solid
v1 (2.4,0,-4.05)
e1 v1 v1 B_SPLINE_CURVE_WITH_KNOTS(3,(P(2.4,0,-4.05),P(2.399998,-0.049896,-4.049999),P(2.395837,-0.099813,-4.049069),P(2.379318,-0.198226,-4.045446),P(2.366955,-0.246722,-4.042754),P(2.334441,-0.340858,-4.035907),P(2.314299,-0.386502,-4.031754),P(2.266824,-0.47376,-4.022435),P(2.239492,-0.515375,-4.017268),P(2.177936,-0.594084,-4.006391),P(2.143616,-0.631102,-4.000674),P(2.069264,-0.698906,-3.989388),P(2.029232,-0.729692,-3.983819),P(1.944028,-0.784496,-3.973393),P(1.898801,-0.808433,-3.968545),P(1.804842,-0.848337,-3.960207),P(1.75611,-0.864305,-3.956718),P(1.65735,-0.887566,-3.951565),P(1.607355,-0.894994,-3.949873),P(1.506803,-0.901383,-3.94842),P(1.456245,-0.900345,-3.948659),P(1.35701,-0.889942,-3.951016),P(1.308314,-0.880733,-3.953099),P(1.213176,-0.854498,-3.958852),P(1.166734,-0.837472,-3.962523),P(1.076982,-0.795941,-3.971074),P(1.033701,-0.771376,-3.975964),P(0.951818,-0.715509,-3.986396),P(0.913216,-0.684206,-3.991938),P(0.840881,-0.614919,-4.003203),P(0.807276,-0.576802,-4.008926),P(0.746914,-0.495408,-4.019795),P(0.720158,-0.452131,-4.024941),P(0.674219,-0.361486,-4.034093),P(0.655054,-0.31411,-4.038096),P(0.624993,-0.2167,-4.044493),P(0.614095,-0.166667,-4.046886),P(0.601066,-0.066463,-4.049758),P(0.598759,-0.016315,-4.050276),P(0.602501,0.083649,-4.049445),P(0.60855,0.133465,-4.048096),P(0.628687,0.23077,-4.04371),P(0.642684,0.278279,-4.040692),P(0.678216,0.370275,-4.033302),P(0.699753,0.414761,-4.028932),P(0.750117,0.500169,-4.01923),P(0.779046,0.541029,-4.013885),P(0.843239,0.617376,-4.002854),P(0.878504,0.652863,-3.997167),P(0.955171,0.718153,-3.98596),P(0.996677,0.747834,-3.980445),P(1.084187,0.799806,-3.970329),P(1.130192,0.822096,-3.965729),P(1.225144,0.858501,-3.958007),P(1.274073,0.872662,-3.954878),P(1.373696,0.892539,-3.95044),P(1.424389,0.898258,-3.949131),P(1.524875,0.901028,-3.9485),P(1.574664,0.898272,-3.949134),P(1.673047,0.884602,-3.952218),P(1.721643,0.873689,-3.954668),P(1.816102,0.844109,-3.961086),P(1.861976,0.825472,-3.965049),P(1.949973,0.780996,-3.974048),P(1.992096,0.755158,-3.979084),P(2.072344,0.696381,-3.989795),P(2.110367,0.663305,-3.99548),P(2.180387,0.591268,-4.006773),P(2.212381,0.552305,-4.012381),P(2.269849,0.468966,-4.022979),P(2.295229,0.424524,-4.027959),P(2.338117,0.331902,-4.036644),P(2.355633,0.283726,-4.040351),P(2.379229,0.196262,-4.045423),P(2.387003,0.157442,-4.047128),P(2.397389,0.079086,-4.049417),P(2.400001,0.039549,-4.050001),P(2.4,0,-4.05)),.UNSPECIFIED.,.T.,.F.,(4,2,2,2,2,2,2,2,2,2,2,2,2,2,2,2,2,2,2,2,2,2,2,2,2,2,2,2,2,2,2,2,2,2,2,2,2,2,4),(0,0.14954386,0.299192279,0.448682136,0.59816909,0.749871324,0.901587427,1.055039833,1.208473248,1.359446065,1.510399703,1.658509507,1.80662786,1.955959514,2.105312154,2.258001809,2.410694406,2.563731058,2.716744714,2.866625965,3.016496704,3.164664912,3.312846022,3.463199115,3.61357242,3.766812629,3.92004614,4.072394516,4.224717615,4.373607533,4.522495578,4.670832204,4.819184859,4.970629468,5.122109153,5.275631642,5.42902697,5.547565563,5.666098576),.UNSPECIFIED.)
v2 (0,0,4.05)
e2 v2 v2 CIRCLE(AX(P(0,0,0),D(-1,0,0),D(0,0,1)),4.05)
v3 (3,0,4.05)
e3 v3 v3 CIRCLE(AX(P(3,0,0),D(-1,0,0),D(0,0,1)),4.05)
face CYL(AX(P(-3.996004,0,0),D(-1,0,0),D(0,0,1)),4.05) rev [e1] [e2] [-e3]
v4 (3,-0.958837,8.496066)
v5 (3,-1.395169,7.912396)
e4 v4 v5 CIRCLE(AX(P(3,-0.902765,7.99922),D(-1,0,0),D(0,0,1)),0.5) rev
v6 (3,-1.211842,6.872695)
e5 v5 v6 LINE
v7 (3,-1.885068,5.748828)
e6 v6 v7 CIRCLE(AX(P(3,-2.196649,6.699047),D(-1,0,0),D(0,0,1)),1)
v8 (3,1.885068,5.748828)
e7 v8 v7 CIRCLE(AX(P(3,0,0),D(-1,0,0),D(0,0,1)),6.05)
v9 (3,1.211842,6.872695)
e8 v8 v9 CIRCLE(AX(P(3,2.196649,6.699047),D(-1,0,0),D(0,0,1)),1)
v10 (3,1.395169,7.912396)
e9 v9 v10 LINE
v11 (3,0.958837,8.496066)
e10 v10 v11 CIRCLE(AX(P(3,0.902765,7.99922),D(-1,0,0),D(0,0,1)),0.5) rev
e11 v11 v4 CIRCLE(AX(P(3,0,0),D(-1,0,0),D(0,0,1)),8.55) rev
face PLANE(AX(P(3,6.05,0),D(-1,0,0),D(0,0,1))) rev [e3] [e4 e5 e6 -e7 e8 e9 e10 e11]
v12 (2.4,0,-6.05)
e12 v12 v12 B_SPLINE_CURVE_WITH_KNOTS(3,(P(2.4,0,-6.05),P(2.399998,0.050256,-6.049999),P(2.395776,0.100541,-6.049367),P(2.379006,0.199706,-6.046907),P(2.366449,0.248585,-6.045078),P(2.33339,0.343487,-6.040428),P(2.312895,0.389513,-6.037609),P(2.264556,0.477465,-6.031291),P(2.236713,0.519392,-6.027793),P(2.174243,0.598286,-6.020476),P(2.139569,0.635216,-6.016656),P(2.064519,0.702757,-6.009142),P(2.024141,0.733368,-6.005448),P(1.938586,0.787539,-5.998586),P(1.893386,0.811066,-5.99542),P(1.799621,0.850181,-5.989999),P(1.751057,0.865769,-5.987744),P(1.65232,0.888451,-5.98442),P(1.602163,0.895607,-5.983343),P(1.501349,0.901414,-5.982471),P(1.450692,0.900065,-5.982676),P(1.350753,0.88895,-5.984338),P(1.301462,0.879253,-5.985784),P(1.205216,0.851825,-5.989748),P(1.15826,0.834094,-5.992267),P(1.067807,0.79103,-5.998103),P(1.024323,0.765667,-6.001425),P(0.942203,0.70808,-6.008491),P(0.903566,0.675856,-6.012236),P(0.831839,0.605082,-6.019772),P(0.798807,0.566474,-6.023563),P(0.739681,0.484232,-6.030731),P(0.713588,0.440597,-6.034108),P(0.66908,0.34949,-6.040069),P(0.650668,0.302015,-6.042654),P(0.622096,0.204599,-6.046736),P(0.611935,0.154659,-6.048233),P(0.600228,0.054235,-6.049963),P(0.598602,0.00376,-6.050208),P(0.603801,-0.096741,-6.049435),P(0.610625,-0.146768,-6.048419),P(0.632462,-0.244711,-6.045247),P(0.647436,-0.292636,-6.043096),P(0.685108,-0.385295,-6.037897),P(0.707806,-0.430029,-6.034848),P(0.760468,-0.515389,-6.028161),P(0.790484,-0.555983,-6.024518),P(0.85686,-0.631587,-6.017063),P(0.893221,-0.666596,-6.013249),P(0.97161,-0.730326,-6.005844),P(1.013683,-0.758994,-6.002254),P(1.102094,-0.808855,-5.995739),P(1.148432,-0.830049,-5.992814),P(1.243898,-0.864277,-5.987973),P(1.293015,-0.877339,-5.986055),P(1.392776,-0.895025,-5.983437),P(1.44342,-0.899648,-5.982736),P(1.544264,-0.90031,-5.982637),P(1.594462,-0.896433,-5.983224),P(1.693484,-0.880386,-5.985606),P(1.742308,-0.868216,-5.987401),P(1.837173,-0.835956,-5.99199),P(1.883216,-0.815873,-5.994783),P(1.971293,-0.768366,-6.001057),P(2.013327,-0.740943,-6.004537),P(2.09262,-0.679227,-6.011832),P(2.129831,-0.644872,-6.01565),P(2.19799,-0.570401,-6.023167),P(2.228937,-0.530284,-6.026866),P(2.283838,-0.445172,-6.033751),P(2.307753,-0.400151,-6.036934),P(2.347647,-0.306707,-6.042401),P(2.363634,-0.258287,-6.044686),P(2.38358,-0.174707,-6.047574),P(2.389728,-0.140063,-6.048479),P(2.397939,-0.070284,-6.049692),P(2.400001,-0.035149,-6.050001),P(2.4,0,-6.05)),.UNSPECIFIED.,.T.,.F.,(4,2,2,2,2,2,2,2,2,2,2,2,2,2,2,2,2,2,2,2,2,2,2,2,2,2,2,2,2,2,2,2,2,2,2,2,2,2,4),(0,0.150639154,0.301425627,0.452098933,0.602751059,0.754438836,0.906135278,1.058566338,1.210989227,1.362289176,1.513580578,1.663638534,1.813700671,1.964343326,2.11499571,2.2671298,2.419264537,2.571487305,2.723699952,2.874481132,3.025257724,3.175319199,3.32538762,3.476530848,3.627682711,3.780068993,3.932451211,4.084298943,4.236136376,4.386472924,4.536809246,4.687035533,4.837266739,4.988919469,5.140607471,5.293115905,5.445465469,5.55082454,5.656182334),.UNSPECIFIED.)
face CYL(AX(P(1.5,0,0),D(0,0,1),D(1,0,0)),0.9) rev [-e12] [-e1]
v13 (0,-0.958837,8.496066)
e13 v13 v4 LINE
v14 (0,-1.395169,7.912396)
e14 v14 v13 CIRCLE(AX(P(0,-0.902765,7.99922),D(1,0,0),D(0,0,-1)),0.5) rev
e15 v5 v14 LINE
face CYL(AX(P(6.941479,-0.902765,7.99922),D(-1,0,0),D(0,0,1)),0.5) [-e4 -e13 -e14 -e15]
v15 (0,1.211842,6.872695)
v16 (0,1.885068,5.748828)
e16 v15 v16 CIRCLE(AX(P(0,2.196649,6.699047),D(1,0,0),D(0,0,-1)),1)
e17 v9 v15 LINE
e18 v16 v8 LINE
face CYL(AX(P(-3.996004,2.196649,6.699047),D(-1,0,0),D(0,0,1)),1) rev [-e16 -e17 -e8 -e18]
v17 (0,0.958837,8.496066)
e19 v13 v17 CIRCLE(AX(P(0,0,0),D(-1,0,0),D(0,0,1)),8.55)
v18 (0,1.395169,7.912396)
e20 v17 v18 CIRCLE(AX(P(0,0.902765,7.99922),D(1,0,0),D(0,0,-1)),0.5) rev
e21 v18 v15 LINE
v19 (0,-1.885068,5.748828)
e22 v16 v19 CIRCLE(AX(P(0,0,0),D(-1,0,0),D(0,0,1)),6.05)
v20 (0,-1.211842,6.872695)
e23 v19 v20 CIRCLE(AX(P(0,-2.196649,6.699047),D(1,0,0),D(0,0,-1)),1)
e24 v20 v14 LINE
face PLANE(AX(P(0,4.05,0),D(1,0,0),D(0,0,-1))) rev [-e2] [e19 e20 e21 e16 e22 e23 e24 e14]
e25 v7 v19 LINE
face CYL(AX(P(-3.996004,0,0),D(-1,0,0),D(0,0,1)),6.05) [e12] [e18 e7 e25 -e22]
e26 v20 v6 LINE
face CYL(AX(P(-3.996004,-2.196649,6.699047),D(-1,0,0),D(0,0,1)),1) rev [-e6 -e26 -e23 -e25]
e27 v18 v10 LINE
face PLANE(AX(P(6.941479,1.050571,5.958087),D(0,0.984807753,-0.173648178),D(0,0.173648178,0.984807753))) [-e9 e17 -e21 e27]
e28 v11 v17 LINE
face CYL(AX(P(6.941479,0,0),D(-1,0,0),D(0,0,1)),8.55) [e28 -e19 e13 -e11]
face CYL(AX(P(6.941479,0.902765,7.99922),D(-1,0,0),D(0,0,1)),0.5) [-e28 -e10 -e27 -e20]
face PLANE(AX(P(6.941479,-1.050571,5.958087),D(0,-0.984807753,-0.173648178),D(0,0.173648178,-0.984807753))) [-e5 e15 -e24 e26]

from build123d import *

# Parameters (mm, degrees)
ESQUISSE1_W        = 3
ESQUISSE1_H        = 2
BOSS_EXTRU_1_DEPTH = 3
CONG_1_R           = 1
CONG_3_R           = 0.5
ESQUISSE4_W        = 0.9
ESQUISSE4_H        = 6.05


with BuildPart() as part:
    # Esquisse1 → Révolution1 (revolve)
    with BuildSketch(Plane.XY):
        with Locations((1.5, 5.05)):
            Rectangle(ESQUISSE1_W, ESQUISSE1_H)
    revolve(axis=Axis((-3.996004355, 0, 0), (1, 0, 0)))

    # Esquisse2 → Boss.-Extru.1 (add)
    with BuildSketch(Plane.ZY):
        with BuildLine():
            Line((5.958086906, -1.050571475), (8.420106288, -1.484691919))
            ThreePointArc((8.420106288, -1.484691919), (8.55, 0), (8.420106288, 1.484691919))
            Line((8.420106288, 1.484691919), (5.958086906, 1.050571475))
            ThreePointArc((5.958086906, 1.050571475), (6.05, 0), (5.958086906, -1.050571475))
        make_face()
    extrude(amount=-BOSS_EXTRU_1_DEPTH)

    # Congé1
    cong_1_edges = [part.edges().sort_by_distance(p)[0] for p in [
        (1.5, -1.050571475, 5.958086906),
        (1.5, 1.050571475, 5.958086906),
    ]]
    fillet(cong_1_edges, radius=CONG_1_R)

    # Congé3
    cong_3_edges = [part.edges().sort_by_distance(p)[0] for p in [
        (1.5, 1.484691919, 8.420106288),
        (1.5, -1.484691919, 8.420106288),
    ]]
    fillet(cong_3_edges, radius=CONG_3_R)

    # Esquisse4 → Dégagement M21 (revolve, cut)
    with BuildSketch(Plane(origin=(1.5, 0, 0), x_dir=(0, -1, 0), z_dir=(1, 0, 0))):
        with Locations((0.45, 3.025)):
            Rectangle(ESQUISSE4_W, ESQUISSE4_H)
    revolve(axis=Axis((1.5, 0, 6.35), (0, 0, -1)), mode=Mode.SUBTRACT)


solid = part.part
